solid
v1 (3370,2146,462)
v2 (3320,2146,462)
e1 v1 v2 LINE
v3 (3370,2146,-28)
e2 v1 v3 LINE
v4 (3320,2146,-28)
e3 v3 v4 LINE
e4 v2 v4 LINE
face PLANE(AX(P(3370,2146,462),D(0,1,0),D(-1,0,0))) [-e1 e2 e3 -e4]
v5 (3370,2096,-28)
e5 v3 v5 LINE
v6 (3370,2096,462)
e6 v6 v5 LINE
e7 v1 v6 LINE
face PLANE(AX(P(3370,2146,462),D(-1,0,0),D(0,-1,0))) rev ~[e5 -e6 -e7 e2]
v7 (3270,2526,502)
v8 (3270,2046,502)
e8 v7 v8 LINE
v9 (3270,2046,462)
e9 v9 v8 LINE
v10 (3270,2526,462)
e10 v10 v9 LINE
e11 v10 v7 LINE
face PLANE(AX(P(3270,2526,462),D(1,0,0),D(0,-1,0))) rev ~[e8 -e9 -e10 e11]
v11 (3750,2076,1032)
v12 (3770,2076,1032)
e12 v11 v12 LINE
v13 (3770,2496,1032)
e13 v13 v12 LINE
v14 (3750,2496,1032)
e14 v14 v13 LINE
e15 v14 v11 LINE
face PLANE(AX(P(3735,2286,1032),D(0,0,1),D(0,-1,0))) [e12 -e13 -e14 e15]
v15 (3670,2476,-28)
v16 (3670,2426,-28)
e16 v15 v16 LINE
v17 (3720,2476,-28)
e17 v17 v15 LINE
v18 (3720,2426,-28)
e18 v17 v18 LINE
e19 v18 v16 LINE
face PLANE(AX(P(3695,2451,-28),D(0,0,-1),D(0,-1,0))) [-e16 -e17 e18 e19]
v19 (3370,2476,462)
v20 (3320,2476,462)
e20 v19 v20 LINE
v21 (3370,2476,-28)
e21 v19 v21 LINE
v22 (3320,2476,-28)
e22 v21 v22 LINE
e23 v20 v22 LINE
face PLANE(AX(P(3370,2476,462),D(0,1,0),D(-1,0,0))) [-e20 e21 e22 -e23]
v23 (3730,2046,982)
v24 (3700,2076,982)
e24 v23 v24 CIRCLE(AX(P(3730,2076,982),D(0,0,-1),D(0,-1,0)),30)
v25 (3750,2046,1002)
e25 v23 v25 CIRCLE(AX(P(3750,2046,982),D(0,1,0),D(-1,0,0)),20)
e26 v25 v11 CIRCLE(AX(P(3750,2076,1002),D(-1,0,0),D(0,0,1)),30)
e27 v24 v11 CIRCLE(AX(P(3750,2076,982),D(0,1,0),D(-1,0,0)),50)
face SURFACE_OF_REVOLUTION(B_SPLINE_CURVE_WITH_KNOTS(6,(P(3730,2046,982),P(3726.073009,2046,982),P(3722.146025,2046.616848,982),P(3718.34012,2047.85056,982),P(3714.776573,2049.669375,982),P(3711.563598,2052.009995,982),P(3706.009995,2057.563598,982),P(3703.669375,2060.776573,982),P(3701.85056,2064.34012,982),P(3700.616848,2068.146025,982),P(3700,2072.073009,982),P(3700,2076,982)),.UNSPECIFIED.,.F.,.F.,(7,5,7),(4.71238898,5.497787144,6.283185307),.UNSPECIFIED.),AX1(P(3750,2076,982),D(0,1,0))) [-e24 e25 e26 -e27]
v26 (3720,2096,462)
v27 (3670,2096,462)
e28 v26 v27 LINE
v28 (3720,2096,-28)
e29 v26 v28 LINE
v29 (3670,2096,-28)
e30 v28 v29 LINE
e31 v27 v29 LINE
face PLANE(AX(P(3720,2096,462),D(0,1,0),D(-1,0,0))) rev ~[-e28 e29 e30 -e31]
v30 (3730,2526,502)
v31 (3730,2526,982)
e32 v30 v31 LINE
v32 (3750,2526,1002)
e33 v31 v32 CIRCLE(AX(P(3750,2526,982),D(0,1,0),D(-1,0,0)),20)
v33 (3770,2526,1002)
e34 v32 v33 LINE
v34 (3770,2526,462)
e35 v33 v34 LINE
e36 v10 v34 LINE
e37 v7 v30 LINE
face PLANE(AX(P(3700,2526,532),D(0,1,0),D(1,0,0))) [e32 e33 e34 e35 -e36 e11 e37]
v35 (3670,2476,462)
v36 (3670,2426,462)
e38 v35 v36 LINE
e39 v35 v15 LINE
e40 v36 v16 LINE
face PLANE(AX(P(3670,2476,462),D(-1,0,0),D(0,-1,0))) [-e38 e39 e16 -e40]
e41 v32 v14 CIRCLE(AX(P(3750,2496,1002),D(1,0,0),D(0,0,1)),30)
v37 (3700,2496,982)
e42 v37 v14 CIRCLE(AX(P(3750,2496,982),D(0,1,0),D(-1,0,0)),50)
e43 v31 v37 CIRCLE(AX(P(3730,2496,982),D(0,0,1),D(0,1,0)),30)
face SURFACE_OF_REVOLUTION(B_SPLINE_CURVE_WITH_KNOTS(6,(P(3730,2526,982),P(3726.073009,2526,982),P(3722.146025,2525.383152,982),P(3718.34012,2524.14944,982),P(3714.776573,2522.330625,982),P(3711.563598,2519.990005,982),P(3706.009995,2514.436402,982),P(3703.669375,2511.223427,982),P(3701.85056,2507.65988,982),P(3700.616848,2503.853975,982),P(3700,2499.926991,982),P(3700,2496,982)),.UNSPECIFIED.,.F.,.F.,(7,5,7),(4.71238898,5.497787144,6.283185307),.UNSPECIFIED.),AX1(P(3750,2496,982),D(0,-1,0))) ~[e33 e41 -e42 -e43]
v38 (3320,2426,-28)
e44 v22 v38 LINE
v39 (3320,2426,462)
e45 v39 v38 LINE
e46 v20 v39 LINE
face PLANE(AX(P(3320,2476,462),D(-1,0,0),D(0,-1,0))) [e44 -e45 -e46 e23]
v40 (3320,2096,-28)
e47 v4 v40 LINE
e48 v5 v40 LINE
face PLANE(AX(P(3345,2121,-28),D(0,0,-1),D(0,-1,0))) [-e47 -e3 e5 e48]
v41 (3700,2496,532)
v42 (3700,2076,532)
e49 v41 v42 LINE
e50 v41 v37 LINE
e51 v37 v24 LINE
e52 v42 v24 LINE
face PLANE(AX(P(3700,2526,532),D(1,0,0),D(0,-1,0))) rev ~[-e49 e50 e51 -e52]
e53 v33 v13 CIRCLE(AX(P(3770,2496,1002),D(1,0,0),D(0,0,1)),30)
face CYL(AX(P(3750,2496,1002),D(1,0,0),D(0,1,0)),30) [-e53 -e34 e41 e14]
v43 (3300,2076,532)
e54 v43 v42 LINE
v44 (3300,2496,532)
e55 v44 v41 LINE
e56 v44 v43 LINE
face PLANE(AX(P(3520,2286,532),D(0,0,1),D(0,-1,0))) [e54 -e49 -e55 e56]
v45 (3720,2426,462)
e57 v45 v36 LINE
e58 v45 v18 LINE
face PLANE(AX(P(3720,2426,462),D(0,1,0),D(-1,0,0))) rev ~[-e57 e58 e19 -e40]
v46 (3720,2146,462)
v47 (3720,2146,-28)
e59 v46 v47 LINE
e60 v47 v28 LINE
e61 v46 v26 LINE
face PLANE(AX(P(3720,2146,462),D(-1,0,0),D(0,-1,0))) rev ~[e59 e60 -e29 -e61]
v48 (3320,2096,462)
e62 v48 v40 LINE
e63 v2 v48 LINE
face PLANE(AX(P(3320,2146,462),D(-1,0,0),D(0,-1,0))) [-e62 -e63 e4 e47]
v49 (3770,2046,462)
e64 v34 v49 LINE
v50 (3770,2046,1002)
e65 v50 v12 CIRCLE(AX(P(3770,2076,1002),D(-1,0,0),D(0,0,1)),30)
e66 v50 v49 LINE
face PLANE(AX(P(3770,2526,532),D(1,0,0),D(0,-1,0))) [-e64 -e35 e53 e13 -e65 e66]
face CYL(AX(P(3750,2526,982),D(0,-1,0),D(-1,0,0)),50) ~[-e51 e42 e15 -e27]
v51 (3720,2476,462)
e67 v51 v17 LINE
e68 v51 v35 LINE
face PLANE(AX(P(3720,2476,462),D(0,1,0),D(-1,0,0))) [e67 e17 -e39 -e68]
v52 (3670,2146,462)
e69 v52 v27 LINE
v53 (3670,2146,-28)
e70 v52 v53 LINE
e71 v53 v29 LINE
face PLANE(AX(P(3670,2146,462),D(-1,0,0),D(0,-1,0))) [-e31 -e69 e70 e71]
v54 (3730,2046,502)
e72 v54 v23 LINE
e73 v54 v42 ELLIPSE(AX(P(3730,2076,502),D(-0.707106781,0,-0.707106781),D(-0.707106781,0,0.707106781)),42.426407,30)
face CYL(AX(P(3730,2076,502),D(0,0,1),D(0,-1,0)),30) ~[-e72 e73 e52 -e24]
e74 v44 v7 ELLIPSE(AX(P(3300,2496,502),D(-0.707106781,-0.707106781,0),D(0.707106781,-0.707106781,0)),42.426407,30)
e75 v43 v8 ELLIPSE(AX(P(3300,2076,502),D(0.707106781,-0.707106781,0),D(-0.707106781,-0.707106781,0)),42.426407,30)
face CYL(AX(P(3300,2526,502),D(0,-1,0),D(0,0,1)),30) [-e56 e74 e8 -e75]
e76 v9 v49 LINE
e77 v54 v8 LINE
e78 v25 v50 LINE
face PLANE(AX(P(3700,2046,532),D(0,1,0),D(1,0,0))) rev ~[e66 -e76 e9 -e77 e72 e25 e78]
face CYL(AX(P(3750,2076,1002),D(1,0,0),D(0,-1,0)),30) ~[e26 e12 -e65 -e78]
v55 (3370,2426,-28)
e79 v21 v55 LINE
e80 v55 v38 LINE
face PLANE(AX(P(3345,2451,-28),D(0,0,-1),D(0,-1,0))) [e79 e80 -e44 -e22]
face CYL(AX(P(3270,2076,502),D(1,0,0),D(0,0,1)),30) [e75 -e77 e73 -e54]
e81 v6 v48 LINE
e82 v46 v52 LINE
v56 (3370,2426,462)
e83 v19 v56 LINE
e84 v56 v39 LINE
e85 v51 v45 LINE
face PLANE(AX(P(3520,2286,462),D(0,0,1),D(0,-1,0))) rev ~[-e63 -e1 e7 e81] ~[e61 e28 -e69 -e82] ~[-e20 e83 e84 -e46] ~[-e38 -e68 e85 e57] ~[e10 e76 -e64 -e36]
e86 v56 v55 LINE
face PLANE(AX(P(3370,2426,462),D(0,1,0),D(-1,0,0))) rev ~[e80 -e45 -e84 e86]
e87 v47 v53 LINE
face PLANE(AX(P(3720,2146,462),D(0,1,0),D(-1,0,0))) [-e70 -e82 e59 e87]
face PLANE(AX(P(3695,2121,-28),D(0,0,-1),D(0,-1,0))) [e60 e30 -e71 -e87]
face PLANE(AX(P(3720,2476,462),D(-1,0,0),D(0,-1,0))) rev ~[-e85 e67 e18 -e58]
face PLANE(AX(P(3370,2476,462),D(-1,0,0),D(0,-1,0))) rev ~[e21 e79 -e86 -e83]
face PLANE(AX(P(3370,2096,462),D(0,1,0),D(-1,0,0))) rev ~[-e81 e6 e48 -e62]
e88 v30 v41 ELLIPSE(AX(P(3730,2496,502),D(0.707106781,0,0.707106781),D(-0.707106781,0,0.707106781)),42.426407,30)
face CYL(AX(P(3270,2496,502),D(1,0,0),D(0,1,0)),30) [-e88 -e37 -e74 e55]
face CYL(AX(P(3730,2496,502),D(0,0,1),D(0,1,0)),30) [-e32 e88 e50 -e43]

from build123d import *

# Parameters (mm, degrees)
SKETCH619_W             = 480
SKETCH619_H             = 500
PAD295_DEPTH            = 70
SKETCH623_W             = 480
SKETCH623_H             = 70
PAD298_DEPTH            = 500
SKETCH620_W             = 50
SKETCH620_H             = 50
PAD294_DEPTH            = 490
SKETCH622_W             = 50
SKETCH622_H             = 50
PAD293_DEPTH            = 490
SKETCH621_W             = 50
SKETCH621_H             = 50
PAD296_DEPTH            = 490
SKETCH624_W             = 50
SKETCH624_H             = 50
PAD297_DEPTH            = 490
FILLET207_R             = 50
FILLET208_R             = 30
FILLET209_R             = 30
BODY125_PLACEMENT_ANGLE = 90


with BuildPart() as part:
    # Sketch619 → Pad295 (new body)
    with BuildSketch(Plane.XY):
        with Locations((240, 250)):
            Rectangle(SKETCH619_W, SKETCH619_H)
    extrude(amount=PAD295_DEPTH)

    # Sketch623 (on Face6 of Pad295) → Pad298 (join)
    with BuildSketch(Plane.XY.offset(70)):
        with Locations((240, 465)):
            Rectangle(SKETCH623_W, SKETCH623_H)
    extrude(amount=PAD298_DEPTH)

    # Sketch620 (on Face4 of Pad298) → Pad294 (join)
    with BuildSketch(Plane(origin=(0, 0, 0), x_dir=(1, 0, 0), z_dir=(0, 0, -1))):
        with Locations((75, -75)):
            Rectangle(SKETCH620_W, SKETCH620_H)
    extrude(amount=PAD294_DEPTH)

    # Sketch622 (on Face4 of Pad294) → Pad293 (join)
    with BuildSketch(Plane(origin=(0, 0, 0), x_dir=(1, 0, 0), z_dir=(0, 0, -1))):
        with Locations((405, -75)):
            Rectangle(SKETCH622_W, SKETCH622_H)
    extrude(amount=PAD293_DEPTH)

    # Sketch621 (on Face4 of Pad293) → Pad296 (join)
    with BuildSketch(Plane(origin=(0, 0, 0), x_dir=(1, 0, 0), z_dir=(0, 0, -1))):
        with Locations((75, -425)):
            Rectangle(SKETCH621_W, SKETCH621_H)
    extrude(amount=PAD296_DEPTH)

    # Sketch624 (on Face4 of Pad296) → Pad297 (join)
    with BuildSketch(Plane(origin=(0, 0, 0), x_dir=(1, 0, 0), z_dir=(0, 0, -1))):
        with Locations((405, -425)):
            Rectangle(SKETCH624_W, SKETCH624_H)
    extrude(amount=PAD297_DEPTH)

    # Fillet207
    fillet207_edges = [part.edges().sort_by_distance(p)[0] for p in [
        (240, 430, 570),
    ]]
    fillet(fillet207_edges, radius=FILLET207_R)

    # Fillet208
    fillet208_edges = [part.edges().sort_by_distance(p)[0] for p in [
        (240, 0, 70),
        (480, 215, 70),
        (0, 215, 70),
    ]]
    fillet(fillet208_edges, radius=FILLET208_R)

    # Fillet209
    fillet209_edges = [part.edges().sort_by_distance(p)[0] for p in [
        (480, 430, 295),
        (480, 444.644661, 555.355339),
        (0, 430, 295),
        (0, 444.644661, 555.355339),
    ]]
    fillet(fillet209_edges, radius=FILLET209_R)


with BuildPart() as part_1:
    # Body125 placement: moved
    add(part.part.moved(Location((3270, 2526, 462))).rotate(Axis((3270, 2526, 462), (0, 0, -1)), BODY125_PLACEMENT_ANGLE))


solid = part_1.part
